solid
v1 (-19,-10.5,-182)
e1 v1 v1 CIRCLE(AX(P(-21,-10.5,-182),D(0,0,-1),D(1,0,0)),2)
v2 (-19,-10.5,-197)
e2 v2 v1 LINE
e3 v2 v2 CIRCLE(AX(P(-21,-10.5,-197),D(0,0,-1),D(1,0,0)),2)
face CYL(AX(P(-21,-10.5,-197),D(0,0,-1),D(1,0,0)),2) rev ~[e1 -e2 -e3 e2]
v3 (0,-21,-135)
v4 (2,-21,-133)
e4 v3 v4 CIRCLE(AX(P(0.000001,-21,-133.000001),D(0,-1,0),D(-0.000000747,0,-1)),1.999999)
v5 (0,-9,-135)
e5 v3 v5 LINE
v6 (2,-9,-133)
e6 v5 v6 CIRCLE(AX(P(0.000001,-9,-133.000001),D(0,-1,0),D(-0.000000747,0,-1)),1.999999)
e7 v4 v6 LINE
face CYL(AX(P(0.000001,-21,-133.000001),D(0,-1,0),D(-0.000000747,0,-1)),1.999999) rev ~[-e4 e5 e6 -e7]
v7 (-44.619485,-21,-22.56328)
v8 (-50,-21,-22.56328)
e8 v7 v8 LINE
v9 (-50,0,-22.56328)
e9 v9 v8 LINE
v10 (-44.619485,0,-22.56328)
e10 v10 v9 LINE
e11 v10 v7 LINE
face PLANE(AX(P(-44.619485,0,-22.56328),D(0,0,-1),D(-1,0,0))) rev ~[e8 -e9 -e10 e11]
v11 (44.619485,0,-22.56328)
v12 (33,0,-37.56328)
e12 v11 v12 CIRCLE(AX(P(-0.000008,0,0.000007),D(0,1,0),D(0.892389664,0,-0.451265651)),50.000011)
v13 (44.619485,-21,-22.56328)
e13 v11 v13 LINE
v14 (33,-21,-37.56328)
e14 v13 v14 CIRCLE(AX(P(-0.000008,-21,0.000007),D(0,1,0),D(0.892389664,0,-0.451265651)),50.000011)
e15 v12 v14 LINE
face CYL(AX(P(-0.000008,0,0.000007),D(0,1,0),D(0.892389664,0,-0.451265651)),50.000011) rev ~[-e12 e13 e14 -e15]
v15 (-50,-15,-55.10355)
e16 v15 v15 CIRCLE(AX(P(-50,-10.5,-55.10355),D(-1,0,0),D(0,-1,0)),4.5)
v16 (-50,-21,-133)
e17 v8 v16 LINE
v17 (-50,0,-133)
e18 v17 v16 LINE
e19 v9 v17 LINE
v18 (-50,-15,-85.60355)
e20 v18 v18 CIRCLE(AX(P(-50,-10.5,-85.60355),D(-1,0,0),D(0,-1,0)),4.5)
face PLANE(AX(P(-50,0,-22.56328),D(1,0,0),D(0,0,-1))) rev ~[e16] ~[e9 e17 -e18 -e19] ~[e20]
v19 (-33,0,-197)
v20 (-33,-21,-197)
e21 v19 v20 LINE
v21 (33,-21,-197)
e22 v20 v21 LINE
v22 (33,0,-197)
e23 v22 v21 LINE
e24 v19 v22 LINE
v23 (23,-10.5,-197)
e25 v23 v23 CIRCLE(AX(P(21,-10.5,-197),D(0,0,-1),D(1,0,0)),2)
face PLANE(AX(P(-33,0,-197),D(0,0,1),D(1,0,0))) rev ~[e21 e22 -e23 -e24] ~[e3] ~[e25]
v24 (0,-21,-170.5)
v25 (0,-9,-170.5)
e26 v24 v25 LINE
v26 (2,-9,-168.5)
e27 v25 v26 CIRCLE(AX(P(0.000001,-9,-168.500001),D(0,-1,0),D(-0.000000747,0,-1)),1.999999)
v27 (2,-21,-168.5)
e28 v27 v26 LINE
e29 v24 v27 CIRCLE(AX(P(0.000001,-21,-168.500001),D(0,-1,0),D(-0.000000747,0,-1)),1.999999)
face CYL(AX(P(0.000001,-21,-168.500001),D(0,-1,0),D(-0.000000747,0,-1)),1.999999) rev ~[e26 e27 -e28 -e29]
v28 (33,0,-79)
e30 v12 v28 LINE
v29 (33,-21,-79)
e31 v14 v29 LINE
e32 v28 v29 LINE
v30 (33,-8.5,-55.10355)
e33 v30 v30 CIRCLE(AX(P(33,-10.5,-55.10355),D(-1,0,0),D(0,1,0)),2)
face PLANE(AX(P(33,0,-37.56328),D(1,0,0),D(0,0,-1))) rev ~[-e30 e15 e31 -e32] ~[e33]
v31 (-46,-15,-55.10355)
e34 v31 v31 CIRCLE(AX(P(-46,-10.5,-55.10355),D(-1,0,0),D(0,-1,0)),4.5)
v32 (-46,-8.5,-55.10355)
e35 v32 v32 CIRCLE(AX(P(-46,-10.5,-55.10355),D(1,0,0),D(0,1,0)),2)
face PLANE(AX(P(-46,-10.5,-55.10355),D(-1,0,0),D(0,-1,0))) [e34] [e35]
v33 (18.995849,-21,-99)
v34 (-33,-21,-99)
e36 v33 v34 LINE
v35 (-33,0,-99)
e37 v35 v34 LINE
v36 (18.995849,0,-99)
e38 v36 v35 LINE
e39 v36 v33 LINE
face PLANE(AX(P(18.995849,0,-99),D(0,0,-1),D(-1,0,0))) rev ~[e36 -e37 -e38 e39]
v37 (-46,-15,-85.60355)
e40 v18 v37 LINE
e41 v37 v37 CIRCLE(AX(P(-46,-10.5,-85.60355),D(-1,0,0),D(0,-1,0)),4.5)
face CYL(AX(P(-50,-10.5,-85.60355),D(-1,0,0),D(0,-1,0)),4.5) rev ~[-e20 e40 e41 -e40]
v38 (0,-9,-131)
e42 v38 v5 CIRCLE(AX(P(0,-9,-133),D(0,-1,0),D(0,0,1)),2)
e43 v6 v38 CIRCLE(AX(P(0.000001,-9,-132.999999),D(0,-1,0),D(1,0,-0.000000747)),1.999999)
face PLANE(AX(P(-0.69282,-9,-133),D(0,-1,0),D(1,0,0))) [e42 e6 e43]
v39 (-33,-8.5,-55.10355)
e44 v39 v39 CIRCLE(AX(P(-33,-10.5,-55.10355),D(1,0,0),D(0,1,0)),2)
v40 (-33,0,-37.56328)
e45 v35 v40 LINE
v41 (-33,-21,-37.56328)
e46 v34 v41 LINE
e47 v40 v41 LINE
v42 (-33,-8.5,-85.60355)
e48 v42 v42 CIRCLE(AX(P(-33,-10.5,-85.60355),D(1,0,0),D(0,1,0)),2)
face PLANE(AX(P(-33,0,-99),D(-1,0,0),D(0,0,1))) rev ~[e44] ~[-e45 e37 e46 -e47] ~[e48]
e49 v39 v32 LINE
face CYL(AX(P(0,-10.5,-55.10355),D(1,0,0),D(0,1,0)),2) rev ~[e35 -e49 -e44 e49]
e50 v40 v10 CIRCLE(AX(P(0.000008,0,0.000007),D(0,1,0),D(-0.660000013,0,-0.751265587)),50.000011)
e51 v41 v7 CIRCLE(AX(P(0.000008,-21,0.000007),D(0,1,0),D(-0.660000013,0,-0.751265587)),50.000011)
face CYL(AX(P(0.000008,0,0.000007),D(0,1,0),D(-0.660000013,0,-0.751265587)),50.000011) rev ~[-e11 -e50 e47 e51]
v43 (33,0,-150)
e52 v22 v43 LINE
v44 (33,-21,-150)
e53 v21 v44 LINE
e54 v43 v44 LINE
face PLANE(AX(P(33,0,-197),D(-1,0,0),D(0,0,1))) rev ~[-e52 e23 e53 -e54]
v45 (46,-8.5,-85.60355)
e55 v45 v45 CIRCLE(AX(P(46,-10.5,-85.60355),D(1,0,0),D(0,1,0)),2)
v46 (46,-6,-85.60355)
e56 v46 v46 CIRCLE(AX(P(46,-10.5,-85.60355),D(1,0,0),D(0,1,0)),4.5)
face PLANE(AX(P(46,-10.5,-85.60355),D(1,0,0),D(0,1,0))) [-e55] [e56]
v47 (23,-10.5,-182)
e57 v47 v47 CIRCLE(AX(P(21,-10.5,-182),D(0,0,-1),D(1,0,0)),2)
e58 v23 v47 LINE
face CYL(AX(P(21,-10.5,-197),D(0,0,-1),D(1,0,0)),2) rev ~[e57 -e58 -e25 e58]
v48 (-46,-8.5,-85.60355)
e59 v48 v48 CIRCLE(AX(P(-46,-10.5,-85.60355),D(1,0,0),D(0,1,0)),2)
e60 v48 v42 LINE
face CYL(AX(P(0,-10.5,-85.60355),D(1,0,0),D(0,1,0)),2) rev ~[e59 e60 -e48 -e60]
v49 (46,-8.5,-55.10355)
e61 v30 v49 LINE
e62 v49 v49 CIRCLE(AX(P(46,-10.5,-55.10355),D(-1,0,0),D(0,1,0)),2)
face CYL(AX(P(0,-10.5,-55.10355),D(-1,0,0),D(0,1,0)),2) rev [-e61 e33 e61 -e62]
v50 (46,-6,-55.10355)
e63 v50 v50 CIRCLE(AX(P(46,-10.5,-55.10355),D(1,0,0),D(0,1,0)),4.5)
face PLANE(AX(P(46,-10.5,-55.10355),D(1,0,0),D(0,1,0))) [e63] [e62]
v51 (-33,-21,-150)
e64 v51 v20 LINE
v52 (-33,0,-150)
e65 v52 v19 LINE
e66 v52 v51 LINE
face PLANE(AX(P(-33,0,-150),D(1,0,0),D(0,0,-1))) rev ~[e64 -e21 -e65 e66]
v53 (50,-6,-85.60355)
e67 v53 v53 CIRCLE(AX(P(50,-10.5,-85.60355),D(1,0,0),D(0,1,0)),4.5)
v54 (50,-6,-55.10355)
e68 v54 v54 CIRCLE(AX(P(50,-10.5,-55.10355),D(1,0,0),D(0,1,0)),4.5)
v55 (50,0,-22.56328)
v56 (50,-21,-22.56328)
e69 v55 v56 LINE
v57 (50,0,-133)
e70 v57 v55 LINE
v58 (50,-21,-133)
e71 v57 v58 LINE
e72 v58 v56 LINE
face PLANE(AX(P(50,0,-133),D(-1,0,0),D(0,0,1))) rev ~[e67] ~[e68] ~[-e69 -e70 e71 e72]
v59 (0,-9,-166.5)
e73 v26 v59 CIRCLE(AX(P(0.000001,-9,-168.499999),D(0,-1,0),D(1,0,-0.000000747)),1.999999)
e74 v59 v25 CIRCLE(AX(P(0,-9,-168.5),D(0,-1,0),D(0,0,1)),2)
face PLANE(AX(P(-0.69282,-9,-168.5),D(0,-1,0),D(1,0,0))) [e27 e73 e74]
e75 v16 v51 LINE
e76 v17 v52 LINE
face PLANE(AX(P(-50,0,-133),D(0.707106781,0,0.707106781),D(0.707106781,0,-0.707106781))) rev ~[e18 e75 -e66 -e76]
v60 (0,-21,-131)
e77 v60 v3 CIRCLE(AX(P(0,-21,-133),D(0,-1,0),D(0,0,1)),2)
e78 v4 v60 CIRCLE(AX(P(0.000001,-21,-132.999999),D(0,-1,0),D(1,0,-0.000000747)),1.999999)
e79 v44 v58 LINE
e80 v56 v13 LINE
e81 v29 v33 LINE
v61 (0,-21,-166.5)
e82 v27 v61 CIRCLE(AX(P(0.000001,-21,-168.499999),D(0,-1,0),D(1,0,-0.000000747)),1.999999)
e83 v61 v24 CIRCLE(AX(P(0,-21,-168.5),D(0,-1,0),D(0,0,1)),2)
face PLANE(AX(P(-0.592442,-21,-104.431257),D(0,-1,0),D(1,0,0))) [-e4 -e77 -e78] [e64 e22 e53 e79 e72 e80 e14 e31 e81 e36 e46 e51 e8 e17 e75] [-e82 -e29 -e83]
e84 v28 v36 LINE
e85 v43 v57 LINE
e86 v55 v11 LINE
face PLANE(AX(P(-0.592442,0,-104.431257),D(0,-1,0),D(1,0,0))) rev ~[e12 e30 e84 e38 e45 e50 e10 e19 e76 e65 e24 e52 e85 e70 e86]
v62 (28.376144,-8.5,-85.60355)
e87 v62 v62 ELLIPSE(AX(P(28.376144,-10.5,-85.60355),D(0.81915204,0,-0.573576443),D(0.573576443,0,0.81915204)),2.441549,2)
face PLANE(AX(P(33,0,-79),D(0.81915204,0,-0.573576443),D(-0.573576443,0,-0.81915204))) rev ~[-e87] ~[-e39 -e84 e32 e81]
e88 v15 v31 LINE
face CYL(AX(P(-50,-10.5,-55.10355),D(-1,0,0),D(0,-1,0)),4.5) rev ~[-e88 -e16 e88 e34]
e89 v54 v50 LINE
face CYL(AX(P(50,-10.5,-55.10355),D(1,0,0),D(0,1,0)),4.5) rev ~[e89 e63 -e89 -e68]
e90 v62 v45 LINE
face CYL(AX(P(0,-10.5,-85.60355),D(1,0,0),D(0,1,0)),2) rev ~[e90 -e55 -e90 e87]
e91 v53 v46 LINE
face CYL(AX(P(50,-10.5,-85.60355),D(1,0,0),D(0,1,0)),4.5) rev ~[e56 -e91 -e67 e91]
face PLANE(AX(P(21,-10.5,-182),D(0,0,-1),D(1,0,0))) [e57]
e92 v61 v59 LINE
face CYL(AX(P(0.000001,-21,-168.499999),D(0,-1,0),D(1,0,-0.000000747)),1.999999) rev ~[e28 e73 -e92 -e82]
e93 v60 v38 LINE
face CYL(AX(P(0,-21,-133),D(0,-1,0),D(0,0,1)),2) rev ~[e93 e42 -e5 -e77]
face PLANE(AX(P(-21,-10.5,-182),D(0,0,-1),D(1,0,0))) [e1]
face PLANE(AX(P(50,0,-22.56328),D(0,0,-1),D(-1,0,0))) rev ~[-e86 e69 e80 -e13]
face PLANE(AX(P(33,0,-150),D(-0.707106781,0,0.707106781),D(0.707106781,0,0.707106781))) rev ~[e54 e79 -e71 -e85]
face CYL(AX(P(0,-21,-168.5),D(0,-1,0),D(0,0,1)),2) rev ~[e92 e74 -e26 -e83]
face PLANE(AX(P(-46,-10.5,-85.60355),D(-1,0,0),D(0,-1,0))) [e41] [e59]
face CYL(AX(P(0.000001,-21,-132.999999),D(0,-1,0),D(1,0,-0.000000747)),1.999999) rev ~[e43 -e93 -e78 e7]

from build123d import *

# Parameters (mm, degrees)
F1_DEPTH  = 21
F2_R      = 2
F3_DEPTH  = 50
F4_R      = 4.5
F5_DEPTH  = 4
F6_R      = 4.5
F7_DEPTH  = 4
F8_R      = 2
F9_DEPTH  = 15
F11_DEPTH = 12


with BuildPart() as f1:
    # F0 (on Front) → F1 (new body)
    with BuildSketch(Plane.XZ):
        with BuildLine():
            ThreePointArc((44.619485, -22.56328), (39.527789, -30.619502), (33, -37.56328))
            Line((33, -37.56328), (33, -79))
            Line((33, -79), (18.995849, -99))
            Line((18.995849, -99), (0, -99))
            Line((0, -99), (-33, -99))
            Line((-33, -99), (-33, -37.56328))
            ThreePointArc((-33, -37.56328), (-39.527789, -30.619502), (-44.619485, -22.56328))
            Line((-44.619485, -22.56328), (-50, -22.56328))
            Line((-50, -22.56328), (-50, -133))
            Line((-50, -133), (-33, -150))
            Line((-33, -150), (-33, -180))
            Line((-33, -180), (-33, -197))
            Line((-33, -197), (0, -197))
            Line((0, -197), (33, -197))
            Line((33, -197), (33, -180))
            Line((33, -180), (33, -150))
            Line((33, -150), (50, -133))
            Line((50, -133), (50, -22.56328))
            Line((50, -22.56328), (44.619485, -22.56328))
        make_face()
    extrude(amount=F1_DEPTH)

    # F2 (on Right) → F3 (cut, symmetric)
    with BuildSketch(Plane.YZ):
        with Locations((-10.5, -55.10355)):
            Circle(F2_R)
        with Locations((-10.5, -85.60355)):
            Circle(F2_R)
    extrude(amount=F3_DEPTH, both=True, mode=Mode.SUBTRACT)

    # F4 (on face) → F5 (cut)
    with BuildSketch(Plane(origin=(-50, 0, 0), x_dir=(0, -1, 0), z_dir=(-1, 0, 0))):
        with Locations((10.5, -55.10355)):
            Circle(F4_R)
        with Locations((10.5, -85.60355)):
            Circle(F4_R)
    extrude(amount=-F5_DEPTH, mode=Mode.SUBTRACT)

    # F6 (on face) → F7 (cut)
    with BuildSketch(Plane.YZ.offset(50)):
        with Locations((-10.5, -55.10355)):
            Circle(F6_R)
        with Locations((-10.5, -85.60355)):
            Circle(F6_R)
    extrude(amount=-F7_DEPTH, mode=Mode.SUBTRACT)

    # F8 (on face) → F9 (cut)
    with BuildSketch(Plane(origin=(0, 0, -197), x_dir=(1, 0, 0), z_dir=(0, 0, -1))):
        with BuildLine():
            ThreePointArc((-23, 10.5), (-21, 8.5), (-19, 10.5))
            ThreePointArc((-19, 10.5), (-21, 12.5), (-23, 10.5))
        make_face()
        with Locations((21, 10.5)):
            Circle(F8_R)
    extrude(amount=-F9_DEPTH, mode=Mode.SUBTRACT)

    # F10 (on face) → F11 (cut)
    with BuildSketch(Plane.XZ.offset(21)):
        with BuildLine():
            ThreePointArc((0, -166.5), (-2, -168.5), (0, -170.5))
            Line((0, -170.5), (0, -166.5))
        make_face()
        with BuildLine():
            ThreePointArc((0, -131), (-2, -133), (0, -135))
            Line((0, -135), (0, -131))
        make_face()
        with BuildLine():
            Line((0, -131), (0, -135))
            ThreePointArc((0, -135), (1.414214, -134.414214), (2, -133))
            ThreePointArc((2, -133), (1.414214, -131.585786), (0, -131))
        make_face()
        with BuildLine():
            Line((0, -166.5), (0, -170.5))
            ThreePointArc((0, -170.5), (1.414214, -169.914214), (2, -168.5))
            ThreePointArc((2, -168.5), (1.414214, -167.085786), (0, -166.5))
        make_face()
    extrude(amount=-F11_DEPTH, mode=Mode.SUBTRACT)


solid = f1.part
